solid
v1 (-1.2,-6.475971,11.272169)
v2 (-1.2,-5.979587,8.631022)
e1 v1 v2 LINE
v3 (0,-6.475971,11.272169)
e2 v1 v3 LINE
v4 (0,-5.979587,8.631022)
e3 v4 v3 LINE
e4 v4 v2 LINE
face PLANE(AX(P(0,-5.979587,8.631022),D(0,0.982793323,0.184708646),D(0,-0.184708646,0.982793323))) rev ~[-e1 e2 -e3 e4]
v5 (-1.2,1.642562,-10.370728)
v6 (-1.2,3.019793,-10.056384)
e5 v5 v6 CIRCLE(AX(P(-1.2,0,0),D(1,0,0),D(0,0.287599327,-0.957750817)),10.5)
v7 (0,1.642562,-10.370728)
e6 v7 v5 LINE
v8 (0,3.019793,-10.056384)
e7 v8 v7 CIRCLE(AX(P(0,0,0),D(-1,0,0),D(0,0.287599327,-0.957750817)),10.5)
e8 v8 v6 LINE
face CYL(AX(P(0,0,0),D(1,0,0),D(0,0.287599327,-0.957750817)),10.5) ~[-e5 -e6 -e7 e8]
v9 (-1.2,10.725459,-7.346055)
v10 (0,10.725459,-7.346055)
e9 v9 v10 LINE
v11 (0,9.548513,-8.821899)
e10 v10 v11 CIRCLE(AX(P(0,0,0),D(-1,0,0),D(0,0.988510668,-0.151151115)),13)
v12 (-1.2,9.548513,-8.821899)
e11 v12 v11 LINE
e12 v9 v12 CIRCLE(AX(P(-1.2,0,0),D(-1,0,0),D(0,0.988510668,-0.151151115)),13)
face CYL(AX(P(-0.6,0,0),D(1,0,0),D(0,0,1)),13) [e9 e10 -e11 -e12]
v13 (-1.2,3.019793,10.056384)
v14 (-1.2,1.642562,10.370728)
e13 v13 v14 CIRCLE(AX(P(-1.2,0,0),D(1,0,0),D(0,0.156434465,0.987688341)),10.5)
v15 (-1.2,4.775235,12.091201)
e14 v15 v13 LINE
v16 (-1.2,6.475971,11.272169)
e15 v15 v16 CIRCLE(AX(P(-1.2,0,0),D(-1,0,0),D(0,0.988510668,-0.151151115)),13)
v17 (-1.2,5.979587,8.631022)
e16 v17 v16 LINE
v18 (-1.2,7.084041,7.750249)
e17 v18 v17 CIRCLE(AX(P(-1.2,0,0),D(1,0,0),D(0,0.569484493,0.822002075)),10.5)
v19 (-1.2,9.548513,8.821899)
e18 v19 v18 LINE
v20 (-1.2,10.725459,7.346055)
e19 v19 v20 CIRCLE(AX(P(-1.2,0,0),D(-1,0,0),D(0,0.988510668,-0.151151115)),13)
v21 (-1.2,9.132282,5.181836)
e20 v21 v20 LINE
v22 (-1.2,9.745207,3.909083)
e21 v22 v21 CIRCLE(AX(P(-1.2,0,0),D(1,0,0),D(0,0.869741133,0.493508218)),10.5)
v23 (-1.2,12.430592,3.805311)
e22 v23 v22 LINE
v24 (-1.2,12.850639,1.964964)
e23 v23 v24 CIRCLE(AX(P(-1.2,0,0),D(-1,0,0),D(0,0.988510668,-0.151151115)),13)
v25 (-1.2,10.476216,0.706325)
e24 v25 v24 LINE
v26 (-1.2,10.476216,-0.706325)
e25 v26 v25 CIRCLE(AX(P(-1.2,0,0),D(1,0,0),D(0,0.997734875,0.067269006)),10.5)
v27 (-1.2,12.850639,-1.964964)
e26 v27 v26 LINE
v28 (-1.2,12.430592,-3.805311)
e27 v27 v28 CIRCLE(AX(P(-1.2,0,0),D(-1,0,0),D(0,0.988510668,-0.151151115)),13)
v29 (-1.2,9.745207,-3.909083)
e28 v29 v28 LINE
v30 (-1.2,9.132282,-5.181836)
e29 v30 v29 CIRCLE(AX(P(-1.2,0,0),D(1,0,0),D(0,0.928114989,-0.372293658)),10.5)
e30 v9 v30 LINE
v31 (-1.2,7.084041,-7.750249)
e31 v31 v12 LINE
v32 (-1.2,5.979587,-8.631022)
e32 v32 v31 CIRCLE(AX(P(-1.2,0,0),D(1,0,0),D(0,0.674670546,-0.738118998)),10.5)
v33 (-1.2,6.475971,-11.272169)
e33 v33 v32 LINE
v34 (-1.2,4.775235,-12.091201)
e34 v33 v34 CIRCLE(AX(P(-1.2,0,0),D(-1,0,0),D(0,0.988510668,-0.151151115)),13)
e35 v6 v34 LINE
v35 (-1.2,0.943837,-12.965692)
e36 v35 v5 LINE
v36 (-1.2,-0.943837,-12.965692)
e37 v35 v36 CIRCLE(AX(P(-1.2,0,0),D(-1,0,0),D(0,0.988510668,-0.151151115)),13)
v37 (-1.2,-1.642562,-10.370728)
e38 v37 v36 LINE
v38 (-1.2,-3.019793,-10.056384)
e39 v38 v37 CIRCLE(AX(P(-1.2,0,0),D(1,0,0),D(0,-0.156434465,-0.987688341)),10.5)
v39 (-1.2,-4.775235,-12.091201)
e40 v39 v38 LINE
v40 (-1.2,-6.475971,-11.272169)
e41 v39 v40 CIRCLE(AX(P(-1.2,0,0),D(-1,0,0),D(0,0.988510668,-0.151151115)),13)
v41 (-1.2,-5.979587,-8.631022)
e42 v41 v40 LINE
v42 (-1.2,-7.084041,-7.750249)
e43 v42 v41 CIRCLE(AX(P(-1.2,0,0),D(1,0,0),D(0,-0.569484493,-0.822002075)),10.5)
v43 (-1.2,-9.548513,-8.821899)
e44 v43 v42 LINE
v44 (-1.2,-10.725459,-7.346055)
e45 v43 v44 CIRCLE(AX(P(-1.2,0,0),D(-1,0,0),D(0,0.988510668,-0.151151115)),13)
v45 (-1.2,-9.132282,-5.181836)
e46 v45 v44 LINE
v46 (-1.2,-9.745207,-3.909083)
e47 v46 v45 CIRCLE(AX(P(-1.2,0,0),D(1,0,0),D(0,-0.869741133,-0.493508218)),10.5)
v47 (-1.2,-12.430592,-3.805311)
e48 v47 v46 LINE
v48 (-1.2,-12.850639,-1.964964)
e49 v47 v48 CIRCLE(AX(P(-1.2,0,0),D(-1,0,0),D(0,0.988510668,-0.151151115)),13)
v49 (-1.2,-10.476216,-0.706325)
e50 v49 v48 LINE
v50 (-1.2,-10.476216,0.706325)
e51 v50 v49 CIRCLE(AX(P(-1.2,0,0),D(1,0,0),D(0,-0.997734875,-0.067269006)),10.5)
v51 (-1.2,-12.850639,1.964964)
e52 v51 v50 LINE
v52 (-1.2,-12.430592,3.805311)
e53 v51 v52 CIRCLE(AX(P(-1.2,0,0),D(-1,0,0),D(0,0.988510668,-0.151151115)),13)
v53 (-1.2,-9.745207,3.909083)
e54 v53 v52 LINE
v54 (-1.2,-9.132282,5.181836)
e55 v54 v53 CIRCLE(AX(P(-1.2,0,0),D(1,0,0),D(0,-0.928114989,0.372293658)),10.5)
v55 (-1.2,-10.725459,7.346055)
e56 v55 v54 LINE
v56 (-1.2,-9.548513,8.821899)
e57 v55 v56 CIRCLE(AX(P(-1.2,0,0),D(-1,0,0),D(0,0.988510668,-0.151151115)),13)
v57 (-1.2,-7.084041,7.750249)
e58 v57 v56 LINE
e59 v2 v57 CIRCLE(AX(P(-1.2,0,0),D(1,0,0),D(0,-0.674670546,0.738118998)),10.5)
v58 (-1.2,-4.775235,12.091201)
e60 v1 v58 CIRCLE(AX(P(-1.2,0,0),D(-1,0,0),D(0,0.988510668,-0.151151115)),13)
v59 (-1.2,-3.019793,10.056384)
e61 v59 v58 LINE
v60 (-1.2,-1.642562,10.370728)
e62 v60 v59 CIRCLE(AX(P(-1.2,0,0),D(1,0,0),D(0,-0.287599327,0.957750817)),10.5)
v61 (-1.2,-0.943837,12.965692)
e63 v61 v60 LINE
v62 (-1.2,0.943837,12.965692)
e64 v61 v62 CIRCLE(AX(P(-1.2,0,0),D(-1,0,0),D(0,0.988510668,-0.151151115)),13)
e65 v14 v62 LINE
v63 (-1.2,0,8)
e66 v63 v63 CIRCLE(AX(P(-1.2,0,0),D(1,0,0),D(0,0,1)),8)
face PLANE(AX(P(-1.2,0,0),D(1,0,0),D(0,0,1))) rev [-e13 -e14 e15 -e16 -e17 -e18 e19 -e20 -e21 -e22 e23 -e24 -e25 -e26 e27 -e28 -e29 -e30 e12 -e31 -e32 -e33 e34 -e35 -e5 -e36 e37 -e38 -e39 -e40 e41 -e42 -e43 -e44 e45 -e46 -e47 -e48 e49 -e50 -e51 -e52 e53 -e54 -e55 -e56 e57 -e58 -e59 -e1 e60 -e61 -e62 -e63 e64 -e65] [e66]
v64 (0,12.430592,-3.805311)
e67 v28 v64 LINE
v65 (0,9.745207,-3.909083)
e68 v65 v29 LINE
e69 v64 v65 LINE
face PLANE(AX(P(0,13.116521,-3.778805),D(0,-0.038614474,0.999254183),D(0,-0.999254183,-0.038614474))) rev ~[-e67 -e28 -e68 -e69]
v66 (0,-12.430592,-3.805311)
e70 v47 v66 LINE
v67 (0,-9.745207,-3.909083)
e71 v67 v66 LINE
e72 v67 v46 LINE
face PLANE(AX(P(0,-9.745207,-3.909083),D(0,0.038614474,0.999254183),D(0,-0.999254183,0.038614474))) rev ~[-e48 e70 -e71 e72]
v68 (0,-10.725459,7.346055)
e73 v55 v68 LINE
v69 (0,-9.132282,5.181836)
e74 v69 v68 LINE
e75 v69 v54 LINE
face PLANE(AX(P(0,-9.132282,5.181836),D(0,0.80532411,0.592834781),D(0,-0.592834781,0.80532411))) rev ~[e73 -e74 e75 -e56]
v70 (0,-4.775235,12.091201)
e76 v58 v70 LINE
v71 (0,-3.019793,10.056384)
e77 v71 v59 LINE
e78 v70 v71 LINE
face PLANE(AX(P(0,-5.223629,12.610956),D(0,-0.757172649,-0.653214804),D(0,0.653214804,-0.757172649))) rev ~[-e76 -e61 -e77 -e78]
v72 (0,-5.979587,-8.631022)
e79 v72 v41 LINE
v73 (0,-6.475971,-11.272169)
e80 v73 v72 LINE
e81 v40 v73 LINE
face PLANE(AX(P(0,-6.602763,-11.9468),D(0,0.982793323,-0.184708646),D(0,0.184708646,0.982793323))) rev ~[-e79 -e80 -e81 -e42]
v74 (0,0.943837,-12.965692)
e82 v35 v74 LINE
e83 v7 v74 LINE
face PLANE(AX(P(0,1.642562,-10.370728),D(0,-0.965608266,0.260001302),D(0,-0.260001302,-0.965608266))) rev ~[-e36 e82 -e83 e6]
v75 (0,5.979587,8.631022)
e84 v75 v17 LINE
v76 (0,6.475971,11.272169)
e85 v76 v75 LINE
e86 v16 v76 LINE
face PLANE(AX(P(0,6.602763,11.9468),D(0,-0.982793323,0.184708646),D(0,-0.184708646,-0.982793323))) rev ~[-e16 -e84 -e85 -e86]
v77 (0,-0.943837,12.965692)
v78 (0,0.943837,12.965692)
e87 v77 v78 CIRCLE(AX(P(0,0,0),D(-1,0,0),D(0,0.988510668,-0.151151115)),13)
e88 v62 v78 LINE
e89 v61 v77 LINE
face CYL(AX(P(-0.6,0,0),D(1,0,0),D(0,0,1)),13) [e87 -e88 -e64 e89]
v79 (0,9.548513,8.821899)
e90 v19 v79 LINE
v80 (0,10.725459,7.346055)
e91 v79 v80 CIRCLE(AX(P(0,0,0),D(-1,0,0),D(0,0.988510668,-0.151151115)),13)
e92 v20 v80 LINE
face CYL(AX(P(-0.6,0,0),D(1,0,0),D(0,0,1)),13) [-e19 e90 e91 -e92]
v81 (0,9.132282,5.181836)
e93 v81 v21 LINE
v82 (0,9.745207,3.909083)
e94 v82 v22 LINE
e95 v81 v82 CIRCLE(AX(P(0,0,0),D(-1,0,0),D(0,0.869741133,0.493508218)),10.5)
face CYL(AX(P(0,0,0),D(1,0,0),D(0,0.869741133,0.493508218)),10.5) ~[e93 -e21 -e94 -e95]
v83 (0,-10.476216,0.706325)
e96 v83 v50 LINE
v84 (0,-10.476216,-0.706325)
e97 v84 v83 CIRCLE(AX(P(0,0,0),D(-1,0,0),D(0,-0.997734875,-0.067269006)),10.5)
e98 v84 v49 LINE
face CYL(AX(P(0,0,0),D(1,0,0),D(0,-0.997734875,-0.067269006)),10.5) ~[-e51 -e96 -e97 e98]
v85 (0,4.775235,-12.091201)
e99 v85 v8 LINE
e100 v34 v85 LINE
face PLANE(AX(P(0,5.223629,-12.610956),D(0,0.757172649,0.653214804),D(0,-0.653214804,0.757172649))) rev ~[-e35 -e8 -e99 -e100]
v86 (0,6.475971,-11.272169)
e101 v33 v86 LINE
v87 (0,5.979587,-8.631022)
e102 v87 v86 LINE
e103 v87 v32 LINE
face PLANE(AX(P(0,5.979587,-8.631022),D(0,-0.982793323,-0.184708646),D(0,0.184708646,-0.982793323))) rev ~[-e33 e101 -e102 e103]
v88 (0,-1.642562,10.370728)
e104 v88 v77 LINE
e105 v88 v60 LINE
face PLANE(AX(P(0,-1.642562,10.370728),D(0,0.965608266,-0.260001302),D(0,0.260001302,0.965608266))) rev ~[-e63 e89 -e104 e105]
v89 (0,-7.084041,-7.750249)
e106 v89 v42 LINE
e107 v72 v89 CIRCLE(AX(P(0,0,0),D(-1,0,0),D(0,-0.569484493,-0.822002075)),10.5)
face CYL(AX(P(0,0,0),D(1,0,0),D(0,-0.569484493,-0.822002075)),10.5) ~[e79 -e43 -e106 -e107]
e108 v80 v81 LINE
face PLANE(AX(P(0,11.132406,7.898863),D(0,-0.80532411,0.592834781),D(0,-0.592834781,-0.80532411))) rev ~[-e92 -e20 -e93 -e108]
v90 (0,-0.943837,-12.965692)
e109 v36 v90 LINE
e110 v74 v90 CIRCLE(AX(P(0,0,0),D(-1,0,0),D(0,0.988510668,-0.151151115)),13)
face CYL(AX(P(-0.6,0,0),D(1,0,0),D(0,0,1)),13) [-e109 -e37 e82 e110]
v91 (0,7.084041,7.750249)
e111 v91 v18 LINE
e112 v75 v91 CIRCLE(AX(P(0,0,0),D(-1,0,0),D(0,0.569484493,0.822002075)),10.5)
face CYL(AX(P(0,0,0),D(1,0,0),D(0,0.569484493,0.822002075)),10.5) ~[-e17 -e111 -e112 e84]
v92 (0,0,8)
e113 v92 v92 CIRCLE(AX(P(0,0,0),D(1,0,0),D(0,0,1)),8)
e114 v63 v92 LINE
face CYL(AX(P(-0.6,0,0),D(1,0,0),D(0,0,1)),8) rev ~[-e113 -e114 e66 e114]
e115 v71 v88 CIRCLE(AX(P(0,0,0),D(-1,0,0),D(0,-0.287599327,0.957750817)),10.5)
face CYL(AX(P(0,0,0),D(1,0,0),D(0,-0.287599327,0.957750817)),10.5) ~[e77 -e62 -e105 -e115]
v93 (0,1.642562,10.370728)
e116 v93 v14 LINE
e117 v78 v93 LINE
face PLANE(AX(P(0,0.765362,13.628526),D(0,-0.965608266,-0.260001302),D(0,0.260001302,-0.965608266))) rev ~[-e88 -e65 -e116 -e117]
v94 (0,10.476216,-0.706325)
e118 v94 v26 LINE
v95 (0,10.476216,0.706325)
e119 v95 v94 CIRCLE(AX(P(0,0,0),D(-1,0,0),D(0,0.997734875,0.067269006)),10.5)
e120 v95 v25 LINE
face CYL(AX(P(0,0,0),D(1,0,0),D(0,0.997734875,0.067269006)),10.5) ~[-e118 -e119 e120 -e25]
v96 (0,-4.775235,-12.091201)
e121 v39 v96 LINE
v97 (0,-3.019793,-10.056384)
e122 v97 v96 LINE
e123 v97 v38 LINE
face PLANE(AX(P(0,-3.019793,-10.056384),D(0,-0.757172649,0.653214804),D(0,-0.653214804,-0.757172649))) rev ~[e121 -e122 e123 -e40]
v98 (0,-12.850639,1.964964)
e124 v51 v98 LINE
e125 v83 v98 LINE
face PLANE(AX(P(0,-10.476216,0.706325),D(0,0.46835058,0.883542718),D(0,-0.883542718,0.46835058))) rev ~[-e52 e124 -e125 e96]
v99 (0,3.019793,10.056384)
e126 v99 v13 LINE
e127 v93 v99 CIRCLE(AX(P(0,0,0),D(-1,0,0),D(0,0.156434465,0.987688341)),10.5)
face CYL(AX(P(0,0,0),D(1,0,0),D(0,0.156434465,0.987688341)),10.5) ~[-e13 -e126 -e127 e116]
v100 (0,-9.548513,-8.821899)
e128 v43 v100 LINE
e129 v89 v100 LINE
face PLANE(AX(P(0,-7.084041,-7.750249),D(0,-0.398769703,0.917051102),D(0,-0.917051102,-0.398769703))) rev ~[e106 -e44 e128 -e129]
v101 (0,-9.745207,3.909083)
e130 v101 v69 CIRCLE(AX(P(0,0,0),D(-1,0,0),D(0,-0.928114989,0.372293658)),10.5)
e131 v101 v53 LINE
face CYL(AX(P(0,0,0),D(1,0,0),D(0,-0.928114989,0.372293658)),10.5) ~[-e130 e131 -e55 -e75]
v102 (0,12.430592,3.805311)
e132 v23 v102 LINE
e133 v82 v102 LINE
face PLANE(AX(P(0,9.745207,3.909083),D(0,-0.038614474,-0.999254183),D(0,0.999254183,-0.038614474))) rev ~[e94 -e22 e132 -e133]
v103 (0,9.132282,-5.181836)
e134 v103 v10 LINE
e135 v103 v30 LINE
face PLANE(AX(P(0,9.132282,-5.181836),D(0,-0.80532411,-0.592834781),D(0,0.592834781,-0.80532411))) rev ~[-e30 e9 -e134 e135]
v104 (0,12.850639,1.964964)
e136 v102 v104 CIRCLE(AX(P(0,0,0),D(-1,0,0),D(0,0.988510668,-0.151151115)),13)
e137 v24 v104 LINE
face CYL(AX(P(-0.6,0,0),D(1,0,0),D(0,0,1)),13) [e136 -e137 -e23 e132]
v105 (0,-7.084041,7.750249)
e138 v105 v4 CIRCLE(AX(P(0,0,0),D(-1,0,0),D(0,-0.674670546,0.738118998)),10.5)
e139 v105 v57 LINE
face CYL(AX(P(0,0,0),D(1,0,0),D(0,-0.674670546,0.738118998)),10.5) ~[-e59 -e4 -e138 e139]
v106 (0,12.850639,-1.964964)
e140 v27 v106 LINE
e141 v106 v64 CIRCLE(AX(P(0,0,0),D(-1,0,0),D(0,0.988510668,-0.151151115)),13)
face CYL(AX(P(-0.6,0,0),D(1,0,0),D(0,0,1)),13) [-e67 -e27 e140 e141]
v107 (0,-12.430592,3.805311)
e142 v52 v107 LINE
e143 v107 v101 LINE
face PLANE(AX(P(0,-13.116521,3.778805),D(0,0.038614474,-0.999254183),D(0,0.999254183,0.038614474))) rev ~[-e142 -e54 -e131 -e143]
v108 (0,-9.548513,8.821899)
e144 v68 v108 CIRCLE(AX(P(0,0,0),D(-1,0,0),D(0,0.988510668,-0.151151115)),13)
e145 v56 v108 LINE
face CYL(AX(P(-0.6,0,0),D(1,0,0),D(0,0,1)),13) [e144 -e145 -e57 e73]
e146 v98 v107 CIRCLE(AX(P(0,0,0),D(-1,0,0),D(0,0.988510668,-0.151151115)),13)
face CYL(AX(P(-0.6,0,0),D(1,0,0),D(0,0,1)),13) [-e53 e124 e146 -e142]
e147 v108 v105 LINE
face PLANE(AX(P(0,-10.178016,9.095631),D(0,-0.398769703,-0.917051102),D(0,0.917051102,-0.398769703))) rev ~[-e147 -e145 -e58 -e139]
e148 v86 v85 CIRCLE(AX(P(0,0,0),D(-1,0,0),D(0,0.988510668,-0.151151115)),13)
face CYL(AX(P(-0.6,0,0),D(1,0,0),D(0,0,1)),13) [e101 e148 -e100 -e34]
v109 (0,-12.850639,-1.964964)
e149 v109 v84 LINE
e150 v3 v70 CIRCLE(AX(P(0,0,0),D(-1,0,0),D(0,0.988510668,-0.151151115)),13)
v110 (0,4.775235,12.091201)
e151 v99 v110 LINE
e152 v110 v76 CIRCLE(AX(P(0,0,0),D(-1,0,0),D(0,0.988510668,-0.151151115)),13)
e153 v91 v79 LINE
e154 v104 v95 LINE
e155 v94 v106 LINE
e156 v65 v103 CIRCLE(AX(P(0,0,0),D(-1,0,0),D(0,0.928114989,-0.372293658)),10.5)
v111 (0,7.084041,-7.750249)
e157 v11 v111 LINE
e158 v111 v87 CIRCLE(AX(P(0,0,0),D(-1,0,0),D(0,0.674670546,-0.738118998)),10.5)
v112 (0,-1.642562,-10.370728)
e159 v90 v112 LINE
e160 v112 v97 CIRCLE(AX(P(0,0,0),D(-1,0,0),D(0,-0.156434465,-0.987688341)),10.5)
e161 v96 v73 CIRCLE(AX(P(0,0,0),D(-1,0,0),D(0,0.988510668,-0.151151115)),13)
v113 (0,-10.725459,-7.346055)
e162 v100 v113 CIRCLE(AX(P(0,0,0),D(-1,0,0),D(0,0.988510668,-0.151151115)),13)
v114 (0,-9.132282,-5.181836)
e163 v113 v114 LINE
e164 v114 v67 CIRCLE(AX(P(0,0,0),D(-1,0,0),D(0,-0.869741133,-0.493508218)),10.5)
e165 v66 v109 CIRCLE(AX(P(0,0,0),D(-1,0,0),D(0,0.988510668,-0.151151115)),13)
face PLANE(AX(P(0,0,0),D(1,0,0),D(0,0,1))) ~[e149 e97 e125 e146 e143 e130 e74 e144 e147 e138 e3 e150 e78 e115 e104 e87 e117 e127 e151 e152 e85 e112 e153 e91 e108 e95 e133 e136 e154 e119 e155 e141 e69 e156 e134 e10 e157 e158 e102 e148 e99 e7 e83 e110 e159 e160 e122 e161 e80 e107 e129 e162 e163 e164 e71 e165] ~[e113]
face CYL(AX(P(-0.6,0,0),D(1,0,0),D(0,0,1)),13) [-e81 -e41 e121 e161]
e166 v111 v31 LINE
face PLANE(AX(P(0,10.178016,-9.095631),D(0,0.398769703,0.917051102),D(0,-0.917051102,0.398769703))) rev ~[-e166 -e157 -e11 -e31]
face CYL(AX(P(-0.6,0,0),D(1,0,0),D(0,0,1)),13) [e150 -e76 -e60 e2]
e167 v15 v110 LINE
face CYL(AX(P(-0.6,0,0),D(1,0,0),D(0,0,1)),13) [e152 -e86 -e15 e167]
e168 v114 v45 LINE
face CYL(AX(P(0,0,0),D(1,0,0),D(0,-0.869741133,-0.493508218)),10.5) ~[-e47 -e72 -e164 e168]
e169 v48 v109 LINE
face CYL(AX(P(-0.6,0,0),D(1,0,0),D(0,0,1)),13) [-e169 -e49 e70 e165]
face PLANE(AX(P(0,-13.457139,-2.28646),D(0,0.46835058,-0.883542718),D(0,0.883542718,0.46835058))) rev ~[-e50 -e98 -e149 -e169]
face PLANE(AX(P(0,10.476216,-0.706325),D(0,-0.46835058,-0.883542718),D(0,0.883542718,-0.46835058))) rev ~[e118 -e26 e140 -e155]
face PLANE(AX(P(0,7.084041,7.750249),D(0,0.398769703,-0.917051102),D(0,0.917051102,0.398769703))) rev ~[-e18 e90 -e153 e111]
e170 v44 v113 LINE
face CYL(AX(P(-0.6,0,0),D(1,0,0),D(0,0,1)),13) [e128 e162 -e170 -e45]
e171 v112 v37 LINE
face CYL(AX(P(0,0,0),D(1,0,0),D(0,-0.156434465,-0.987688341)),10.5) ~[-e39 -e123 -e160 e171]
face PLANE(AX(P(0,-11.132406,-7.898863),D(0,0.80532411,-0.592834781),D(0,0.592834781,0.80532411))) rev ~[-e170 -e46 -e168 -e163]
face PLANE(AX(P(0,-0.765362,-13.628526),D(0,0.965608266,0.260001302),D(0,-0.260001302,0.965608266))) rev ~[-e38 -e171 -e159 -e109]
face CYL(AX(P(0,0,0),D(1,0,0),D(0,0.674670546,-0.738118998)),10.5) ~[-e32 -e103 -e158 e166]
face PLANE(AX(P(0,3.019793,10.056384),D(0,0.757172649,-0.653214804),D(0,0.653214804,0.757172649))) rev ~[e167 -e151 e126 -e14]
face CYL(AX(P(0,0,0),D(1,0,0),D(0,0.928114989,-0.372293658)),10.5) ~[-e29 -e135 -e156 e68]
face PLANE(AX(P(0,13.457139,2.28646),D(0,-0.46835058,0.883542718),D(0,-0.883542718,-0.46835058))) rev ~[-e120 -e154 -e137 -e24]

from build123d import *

# Parameters (mm, degrees)
SECSKE_W      = 1.2
SECSKE_H      = 5
EXTCUT_DEPTH  = 19.423897525
EXTCUTS_COUNT = 14
EXTCUTS_ANGLE = 334.285714286


with BuildPart() as part:
    # SecSke → Body (revolve)
    with BuildSketch(Plane.XY, mode=Mode.PRIVATE) as body_sk:
        with Locations((-0.6, 10.5)):
            Rectangle(SECSKE_W, SECSKE_H)
    revolve(body_sk.sketch.rotate(Axis((-34.925, 0, 0), (1, 0, 0)), 90), axis=Axis((-34.925, 0, 0), (1, 0, 0)))

    # ExtCutSke → ExtCut (cut, through all)
    with BuildSketch(Plane(origin=(0, 0, 0), x_dir=(0, 0, -1), z_dir=(1, 0, 0))):
        with BuildLine():
            Line((-2.286459948, 13.457139403), (-0.706324559, 10.476216188))
            ThreePointArc((-0.706324559, 10.476216188), (0, 10.5), (0.706324559, 10.476216188))
            Line((0.706324559, 10.476216188), (2.286459948, 13.457139403))
            ThreePointArc((2.286459948, 13.457139403), (0, 13.65), (-2.286459948, 13.457139403))
        make_face()
    extcut = extrude(amount=-EXTCUT_DEPTH, mode=Mode.SUBTRACT)

    # ExtCuts: ExtCut ×14 about axis
    extcuts_axis = Axis((-34.925, 0, 0), (1, 0, 0))
    for i in range(1, EXTCUTS_COUNT):
        add(extcut.rotate(extcuts_axis, i * EXTCUTS_ANGLE / (EXTCUTS_COUNT - 1)), mode=Mode.SUBTRACT)


solid = part.part
